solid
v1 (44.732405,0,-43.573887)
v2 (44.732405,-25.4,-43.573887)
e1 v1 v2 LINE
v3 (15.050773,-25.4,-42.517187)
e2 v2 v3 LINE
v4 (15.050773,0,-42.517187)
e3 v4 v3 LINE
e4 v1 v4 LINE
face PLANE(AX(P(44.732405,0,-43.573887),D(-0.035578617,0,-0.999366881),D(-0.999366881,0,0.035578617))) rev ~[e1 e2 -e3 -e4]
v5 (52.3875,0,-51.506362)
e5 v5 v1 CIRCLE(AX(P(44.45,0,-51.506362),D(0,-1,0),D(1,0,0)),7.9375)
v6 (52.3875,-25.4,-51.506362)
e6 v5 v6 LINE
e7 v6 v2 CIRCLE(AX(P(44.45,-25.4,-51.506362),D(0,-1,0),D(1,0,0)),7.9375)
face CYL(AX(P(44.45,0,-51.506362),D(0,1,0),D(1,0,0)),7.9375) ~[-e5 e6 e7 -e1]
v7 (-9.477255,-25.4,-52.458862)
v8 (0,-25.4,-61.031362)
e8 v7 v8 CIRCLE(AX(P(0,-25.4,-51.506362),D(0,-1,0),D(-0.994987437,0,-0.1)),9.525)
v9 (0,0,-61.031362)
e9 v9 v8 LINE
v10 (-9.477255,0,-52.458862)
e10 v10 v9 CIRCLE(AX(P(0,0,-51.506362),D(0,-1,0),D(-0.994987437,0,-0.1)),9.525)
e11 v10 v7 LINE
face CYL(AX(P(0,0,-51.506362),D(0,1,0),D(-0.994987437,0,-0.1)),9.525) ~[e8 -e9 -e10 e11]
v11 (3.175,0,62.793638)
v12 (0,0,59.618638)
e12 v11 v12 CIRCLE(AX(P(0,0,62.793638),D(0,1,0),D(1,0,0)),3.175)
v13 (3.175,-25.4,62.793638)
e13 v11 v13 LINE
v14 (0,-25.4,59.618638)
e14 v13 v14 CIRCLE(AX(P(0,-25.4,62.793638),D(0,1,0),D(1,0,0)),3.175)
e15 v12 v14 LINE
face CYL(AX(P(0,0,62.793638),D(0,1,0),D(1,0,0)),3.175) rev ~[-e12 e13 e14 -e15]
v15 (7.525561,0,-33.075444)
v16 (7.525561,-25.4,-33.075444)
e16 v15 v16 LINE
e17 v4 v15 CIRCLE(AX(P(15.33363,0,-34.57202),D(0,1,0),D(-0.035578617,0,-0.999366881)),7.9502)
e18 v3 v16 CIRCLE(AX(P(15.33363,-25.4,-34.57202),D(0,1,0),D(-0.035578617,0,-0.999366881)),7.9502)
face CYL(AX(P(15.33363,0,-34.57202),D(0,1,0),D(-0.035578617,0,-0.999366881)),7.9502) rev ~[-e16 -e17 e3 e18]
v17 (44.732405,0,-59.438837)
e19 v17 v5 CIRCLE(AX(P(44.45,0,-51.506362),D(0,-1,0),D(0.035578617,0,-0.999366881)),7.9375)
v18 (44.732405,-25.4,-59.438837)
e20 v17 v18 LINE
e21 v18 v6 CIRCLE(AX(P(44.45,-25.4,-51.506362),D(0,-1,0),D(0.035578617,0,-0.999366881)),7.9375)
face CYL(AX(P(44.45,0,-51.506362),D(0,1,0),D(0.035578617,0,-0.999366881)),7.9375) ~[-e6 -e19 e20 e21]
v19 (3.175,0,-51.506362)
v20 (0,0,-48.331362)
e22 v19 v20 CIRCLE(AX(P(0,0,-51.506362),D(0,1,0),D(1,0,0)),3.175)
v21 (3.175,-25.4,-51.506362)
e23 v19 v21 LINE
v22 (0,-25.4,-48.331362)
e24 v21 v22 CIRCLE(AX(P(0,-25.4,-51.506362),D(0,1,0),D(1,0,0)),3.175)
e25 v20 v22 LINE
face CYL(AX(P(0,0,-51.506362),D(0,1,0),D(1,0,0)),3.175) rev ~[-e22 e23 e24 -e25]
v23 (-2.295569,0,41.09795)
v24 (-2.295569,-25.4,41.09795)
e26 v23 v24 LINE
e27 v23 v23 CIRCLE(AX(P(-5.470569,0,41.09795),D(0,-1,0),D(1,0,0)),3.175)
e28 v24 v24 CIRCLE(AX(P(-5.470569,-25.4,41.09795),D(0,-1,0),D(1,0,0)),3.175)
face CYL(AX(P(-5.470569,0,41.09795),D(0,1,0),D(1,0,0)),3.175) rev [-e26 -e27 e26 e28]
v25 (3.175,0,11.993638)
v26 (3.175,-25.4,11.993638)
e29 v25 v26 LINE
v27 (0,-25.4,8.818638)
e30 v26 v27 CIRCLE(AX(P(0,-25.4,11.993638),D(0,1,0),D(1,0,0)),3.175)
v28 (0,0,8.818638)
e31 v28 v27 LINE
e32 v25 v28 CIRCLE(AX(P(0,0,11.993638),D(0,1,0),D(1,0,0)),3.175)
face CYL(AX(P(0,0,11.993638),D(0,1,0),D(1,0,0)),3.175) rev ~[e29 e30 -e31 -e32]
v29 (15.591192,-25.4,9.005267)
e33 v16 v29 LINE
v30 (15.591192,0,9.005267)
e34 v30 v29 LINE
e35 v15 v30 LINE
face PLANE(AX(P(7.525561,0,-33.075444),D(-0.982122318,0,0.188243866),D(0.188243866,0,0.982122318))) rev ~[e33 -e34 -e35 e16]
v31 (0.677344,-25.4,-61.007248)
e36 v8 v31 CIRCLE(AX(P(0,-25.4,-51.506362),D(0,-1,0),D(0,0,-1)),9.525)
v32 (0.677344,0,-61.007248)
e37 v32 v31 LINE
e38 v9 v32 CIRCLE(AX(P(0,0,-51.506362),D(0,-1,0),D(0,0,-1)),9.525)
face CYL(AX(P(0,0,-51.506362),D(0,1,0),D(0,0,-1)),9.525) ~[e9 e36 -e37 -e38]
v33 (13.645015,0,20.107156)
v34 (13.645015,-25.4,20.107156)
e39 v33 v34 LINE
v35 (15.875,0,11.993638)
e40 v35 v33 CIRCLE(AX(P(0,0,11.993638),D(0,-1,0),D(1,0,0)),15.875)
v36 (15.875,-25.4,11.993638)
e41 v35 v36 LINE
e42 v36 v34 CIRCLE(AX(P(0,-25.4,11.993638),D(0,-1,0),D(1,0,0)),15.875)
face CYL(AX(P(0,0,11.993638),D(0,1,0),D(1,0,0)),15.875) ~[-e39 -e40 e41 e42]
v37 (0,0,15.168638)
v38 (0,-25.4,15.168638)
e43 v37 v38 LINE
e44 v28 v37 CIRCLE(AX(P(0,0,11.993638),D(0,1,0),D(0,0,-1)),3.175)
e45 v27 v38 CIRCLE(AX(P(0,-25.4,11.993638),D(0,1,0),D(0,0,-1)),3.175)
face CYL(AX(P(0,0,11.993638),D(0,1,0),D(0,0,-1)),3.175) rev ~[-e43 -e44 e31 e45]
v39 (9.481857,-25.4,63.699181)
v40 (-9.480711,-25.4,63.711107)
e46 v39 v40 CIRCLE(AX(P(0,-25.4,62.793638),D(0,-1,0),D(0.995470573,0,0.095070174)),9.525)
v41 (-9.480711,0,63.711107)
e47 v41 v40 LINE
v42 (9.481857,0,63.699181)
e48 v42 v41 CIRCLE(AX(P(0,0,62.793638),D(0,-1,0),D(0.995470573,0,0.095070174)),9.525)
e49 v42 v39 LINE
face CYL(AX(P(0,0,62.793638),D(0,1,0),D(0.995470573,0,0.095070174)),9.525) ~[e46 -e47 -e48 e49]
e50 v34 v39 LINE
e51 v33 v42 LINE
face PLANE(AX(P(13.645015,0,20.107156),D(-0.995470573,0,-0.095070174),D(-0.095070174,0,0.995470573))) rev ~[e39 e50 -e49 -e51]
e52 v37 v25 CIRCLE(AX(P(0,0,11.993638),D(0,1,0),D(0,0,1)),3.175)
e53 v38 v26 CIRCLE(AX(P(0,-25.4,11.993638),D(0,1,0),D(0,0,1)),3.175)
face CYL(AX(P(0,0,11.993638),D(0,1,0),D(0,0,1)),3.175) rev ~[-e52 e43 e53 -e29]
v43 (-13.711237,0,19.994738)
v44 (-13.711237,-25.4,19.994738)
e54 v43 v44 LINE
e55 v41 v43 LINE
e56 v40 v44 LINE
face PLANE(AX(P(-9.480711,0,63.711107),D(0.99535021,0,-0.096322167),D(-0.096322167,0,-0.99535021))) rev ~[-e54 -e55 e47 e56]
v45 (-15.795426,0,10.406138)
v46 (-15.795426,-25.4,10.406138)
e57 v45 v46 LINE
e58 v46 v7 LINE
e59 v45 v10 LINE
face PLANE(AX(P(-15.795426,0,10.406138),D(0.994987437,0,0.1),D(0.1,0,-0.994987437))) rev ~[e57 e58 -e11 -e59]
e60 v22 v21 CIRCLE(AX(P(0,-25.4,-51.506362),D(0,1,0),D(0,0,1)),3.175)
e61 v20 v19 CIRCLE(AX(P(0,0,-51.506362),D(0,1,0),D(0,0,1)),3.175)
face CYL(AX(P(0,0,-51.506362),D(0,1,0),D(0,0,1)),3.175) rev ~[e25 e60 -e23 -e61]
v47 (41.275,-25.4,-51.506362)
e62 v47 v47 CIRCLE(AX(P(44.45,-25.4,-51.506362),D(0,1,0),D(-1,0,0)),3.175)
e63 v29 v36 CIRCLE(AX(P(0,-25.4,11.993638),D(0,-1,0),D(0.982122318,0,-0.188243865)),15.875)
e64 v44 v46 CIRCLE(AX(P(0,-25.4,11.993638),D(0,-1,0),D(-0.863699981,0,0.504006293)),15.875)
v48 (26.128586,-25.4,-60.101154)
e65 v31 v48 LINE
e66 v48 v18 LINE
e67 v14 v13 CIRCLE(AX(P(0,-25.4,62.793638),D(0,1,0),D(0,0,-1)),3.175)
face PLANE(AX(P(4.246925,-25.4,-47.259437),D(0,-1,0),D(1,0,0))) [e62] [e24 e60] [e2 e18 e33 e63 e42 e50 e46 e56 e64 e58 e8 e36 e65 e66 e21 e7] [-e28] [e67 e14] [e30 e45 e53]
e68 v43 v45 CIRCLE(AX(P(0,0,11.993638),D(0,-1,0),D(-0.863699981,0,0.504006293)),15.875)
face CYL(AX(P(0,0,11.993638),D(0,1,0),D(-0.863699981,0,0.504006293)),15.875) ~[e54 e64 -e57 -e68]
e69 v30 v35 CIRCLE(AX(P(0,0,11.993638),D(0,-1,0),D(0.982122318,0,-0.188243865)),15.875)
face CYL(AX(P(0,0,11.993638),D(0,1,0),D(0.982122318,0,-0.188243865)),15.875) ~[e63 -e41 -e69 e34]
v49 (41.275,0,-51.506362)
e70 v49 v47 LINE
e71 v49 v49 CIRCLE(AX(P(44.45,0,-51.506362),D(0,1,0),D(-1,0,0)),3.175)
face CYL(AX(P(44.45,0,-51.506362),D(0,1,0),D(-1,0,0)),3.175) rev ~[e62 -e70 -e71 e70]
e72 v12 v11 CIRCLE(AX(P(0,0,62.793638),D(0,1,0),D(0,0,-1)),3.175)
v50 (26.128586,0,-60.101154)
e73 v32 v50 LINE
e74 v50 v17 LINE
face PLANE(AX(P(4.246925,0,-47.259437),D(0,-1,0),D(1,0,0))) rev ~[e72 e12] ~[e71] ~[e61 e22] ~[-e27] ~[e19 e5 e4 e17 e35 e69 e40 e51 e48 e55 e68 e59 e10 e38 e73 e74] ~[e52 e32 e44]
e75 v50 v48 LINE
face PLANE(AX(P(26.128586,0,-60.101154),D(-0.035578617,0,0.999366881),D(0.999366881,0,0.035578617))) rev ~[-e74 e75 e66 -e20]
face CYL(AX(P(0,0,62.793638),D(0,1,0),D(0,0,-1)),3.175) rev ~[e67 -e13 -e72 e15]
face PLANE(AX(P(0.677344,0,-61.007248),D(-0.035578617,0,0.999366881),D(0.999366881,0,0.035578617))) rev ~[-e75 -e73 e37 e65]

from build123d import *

# Parameters (mm, degrees)
F0_R     = 3.175
F1_DEPTH = 25.4
F2_DEPTH = 25.4


with BuildPart() as f1:
    # F0 (on Front) → F1 (new body)
    with BuildSketch(Plane.XZ):
        with BuildLine():
            ThreePointArc((-9.4807107481, 63.7111065744), (-7.0521101036, 56.3910315801), (0, 53.2686379311))
            ThreePointArc((0, 53.2686379311), (6.7351920908, 56.0584458403), (9.525, 62.7936379311))
            ThreePointArc((9.525, 62.7936379311), (9.5142081889, 63.2469232041), (9.4818572097, 63.6991813339))
            ThreePointArc((9.4818572097, 63.6991813339), (0.0059901113, 72.3186360476), (-9.4807107481, 63.7111065744))
        make_face()
        with BuildLine():
            ThreePointArc((3.175, 62.7936379311), (2.2450640303, 60.5485739009), (0, 59.6186379311))
            ThreePointArc((0, 59.6186379311), (-2.2450640303, 65.0387019614), (3.175, 62.7936379311))
        make_face(mode=Mode.SUBTRACT)
        with BuildLine():
            ThreePointArc((9.525, 62.7936379311), (6.7351920908, 56.0584458403), (0, 53.2686379311))
            Line((0, 53.2686379311), (0, 27.8686379311))
            ThreePointArc((0, 27.8686379311), (7.8489973512, 25.7925098263), (13.6450153015, 20.1071564294))
            Line((13.6450153015, 20.1071564294), (9.4818572097, 63.6991813339))
            ThreePointArc((9.4818572097, 63.6991813339), (9.5142081889, 63.2469232041), (9.525, 62.7936379311))
        make_face()
        with BuildLine():
            Line((0, 27.8686379311), (0, 53.2686379311))
            ThreePointArc((0, 53.2686379311), (-7.0521101036, 56.3910315801), (-9.4807107481, 63.7111065744))
            Line((-9.4807107481, 63.7111065744), (-13.7112371906, 19.9947378369))
            ThreePointArc((-13.7112371906, 19.9947378369), (-7.9056360907, 25.7601386849), (0, 27.8686379311))
        make_face()
        with Locations((-5.4705687799, 41.0979501903)):
            Circle(F0_R, mode=Mode.SUBTRACT)
        with BuildLine():
            ThreePointArc((13.6450153015, 20.1071564294), (7.8489973512, 25.7925098263), (0, 27.8686379311))
            Line((0, 27.8686379311), (0, 15.1686379311))
            ThreePointArc((0, 15.1686379311), (2.2450640303, 14.2387019614), (3.175, 11.9936379311))
            ThreePointArc((3.175, 11.9936379311), (2.2450640303, 9.7485739009), (0, 8.8186379311))
            Line((0, 8.8186379311), (0, -3.8813620689))
            ThreePointArc((0, -3.8813620689), (10.1137339683, -0.2427018083), (15.5911917947, 9.005266565))
            ThreePointArc((15.5911917947, 9.005266565), (15.8038886787, 10.4927289966), (15.875, 11.9936379311))
            ThreePointArc((15.875, 11.9936379311), (15.3073551424, 16.2008345684), (13.6450153015, 20.1071564294))
        make_face()
        with BuildLine():
            Line((0, 15.1686379311), (0, 27.8686379311))
            ThreePointArc((0, 27.8686379311), (-7.9056360907, 25.7601386849), (-13.7112371906, 19.9947378369))
            ThreePointArc((-13.7112371906, 19.9947378369), (-15.5127721175, 15.3655107389), (-15.7954255641, 10.4061379311))
            ThreePointArc((-15.7954255641, 10.4061379311), (-10.6492737428, 0.2204228329), (0, -3.8813620689))
            Line((0, -3.8813620689), (0, 8.8186379311))
            ThreePointArc((0, 8.8186379311), (-3.175, 11.9936379311), (0, 15.1686379311))
        make_face()
        with BuildLine():
            ThreePointArc((0, -3.8813620689), (-10.6492737428, 0.2204228329), (-15.7954255641, 10.4061379311))
            Line((-15.7954255641, 10.4061379311), (-9.4772553384, -52.4588620689))
            ThreePointArc((-9.4772553384, -52.4588620689), (-7.063929059, -45.1167978232), (0, -41.9813620689))
            Line((0, -41.9813620689), (0, -3.8813620689))
        make_face()
        with BuildLine():
            ThreePointArc((15.5911917947, 9.005266565), (10.1137339683, -0.2427018083), (0, -3.8813620689))
            Line((0, -3.8813620689), (0, -41.9813620689))
            ThreePointArc((0, -41.9813620689), (6.7351920908, -44.7711699781), (9.525, -51.5063620689))
            Line((9.525, -51.5063620689), (36.5125, -51.5063620689))
            ThreePointArc((36.5125, -51.5063620689), (38.9380895153, -45.7947292849), (44.7324052746, -43.5738874543))
            Line((44.7324052746, -43.5738874543), (15.0507731119, -42.5171870062))
            ThreePointArc((15.0507731119, -42.5171870062), (9.1165249373, -39.5271472478), (7.5255613841, -33.075444052))
            Line((7.5255613841, -33.075444052), (15.5911917947, 9.005266565))
        make_face()
        with BuildLine():
            ThreePointArc((0, -41.9813620689), (-7.063929059, -45.1167978232), (-9.4772553384, -52.4588620689))
            ThreePointArc((-9.4772553384, -52.4588620689), (-6.3895642457, -58.5702911278), (0, -61.0313620689))
            Line((0, -61.0313620689), (0.6773435479, -61.0072478548))
            ThreePointArc((0.6773435479, -61.0072478548), (6.9705567315, -57.9976611571), (9.525, -51.5063620689))
            Line((9.525, -51.5063620689), (3.175, -51.5063620689))
            ThreePointArc((3.175, -51.5063620689), (-2.2450640303, -53.7514260991), (0, -48.3313620689))
            Line((0, -48.3313620689), (0, -41.9813620689))
        make_face()
        with BuildLine():
            Line((0.6773435479, -61.0072478548), (0, -61.0313620689))
            ThreePointArc((0, -61.0313620689), (0.3388863295, -61.0253316064), (0.6773435479, -61.0072478548))
        make_face()
        with BuildLine():
            Line((36.5125, -51.5063620689), (9.525, -51.5063620689))
            ThreePointArc((9.525, -51.5063620689), (6.9705567315, -57.9976611571), (0.6773435479, -61.0072478548))
            Line((0.6773435479, -61.0072478548), (26.128586054, -60.1011541732))
            Line((26.128586054, -60.1011541732), (44.7324052746, -59.4388366834))
            ThreePointArc((44.7324052746, -59.4388366834), (38.9380895153, -57.2179948528), (36.5125, -51.5063620689))
        make_face()
        with BuildLine():
            ThreePointArc((44.7324052746, -43.5738874543), (38.9380895153, -45.7947292849), (36.5125, -51.5063620689))
            ThreePointArc((36.5125, -51.5063620689), (38.9380895153, -57.2179948528), (44.7324052746, -59.4388366834))
            ThreePointArc((44.7324052746, -59.4388366834), (50.1616327839, -57.0182725536), (52.3875, -51.5063620689))
            ThreePointArc((52.3875, -51.5063620689), (50.1616327839, -45.9944515841), (44.7324052746, -43.5738874543))
        make_face()
        with BuildLine():
            ThreePointArc((47.625, -51.5063620689), (44.45, -54.6813620689), (41.275, -51.5063620689))
            ThreePointArc((41.275, -51.5063620689), (44.45, -48.3313620689), (47.625, -51.5063620689))
        make_face(mode=Mode.SUBTRACT)
    extrude(amount=F1_DEPTH)

    # F0 (on Front) → F2 (join)
    with BuildSketch(Plane.XZ):
        with BuildLine():
            ThreePointArc((9.525, -51.5063620689), (6.7351920908, -44.7711699781), (0, -41.9813620689))
            Line((0, -41.9813620689), (0, -48.3313620689))
            ThreePointArc((0, -48.3313620689), (2.2450640303, -49.2612980386), (3.175, -51.5063620689))
            Line((3.175, -51.5063620689), (9.525, -51.5063620689))
        make_face()
    extrude(amount=F2_DEPTH)


solid = f1.part
